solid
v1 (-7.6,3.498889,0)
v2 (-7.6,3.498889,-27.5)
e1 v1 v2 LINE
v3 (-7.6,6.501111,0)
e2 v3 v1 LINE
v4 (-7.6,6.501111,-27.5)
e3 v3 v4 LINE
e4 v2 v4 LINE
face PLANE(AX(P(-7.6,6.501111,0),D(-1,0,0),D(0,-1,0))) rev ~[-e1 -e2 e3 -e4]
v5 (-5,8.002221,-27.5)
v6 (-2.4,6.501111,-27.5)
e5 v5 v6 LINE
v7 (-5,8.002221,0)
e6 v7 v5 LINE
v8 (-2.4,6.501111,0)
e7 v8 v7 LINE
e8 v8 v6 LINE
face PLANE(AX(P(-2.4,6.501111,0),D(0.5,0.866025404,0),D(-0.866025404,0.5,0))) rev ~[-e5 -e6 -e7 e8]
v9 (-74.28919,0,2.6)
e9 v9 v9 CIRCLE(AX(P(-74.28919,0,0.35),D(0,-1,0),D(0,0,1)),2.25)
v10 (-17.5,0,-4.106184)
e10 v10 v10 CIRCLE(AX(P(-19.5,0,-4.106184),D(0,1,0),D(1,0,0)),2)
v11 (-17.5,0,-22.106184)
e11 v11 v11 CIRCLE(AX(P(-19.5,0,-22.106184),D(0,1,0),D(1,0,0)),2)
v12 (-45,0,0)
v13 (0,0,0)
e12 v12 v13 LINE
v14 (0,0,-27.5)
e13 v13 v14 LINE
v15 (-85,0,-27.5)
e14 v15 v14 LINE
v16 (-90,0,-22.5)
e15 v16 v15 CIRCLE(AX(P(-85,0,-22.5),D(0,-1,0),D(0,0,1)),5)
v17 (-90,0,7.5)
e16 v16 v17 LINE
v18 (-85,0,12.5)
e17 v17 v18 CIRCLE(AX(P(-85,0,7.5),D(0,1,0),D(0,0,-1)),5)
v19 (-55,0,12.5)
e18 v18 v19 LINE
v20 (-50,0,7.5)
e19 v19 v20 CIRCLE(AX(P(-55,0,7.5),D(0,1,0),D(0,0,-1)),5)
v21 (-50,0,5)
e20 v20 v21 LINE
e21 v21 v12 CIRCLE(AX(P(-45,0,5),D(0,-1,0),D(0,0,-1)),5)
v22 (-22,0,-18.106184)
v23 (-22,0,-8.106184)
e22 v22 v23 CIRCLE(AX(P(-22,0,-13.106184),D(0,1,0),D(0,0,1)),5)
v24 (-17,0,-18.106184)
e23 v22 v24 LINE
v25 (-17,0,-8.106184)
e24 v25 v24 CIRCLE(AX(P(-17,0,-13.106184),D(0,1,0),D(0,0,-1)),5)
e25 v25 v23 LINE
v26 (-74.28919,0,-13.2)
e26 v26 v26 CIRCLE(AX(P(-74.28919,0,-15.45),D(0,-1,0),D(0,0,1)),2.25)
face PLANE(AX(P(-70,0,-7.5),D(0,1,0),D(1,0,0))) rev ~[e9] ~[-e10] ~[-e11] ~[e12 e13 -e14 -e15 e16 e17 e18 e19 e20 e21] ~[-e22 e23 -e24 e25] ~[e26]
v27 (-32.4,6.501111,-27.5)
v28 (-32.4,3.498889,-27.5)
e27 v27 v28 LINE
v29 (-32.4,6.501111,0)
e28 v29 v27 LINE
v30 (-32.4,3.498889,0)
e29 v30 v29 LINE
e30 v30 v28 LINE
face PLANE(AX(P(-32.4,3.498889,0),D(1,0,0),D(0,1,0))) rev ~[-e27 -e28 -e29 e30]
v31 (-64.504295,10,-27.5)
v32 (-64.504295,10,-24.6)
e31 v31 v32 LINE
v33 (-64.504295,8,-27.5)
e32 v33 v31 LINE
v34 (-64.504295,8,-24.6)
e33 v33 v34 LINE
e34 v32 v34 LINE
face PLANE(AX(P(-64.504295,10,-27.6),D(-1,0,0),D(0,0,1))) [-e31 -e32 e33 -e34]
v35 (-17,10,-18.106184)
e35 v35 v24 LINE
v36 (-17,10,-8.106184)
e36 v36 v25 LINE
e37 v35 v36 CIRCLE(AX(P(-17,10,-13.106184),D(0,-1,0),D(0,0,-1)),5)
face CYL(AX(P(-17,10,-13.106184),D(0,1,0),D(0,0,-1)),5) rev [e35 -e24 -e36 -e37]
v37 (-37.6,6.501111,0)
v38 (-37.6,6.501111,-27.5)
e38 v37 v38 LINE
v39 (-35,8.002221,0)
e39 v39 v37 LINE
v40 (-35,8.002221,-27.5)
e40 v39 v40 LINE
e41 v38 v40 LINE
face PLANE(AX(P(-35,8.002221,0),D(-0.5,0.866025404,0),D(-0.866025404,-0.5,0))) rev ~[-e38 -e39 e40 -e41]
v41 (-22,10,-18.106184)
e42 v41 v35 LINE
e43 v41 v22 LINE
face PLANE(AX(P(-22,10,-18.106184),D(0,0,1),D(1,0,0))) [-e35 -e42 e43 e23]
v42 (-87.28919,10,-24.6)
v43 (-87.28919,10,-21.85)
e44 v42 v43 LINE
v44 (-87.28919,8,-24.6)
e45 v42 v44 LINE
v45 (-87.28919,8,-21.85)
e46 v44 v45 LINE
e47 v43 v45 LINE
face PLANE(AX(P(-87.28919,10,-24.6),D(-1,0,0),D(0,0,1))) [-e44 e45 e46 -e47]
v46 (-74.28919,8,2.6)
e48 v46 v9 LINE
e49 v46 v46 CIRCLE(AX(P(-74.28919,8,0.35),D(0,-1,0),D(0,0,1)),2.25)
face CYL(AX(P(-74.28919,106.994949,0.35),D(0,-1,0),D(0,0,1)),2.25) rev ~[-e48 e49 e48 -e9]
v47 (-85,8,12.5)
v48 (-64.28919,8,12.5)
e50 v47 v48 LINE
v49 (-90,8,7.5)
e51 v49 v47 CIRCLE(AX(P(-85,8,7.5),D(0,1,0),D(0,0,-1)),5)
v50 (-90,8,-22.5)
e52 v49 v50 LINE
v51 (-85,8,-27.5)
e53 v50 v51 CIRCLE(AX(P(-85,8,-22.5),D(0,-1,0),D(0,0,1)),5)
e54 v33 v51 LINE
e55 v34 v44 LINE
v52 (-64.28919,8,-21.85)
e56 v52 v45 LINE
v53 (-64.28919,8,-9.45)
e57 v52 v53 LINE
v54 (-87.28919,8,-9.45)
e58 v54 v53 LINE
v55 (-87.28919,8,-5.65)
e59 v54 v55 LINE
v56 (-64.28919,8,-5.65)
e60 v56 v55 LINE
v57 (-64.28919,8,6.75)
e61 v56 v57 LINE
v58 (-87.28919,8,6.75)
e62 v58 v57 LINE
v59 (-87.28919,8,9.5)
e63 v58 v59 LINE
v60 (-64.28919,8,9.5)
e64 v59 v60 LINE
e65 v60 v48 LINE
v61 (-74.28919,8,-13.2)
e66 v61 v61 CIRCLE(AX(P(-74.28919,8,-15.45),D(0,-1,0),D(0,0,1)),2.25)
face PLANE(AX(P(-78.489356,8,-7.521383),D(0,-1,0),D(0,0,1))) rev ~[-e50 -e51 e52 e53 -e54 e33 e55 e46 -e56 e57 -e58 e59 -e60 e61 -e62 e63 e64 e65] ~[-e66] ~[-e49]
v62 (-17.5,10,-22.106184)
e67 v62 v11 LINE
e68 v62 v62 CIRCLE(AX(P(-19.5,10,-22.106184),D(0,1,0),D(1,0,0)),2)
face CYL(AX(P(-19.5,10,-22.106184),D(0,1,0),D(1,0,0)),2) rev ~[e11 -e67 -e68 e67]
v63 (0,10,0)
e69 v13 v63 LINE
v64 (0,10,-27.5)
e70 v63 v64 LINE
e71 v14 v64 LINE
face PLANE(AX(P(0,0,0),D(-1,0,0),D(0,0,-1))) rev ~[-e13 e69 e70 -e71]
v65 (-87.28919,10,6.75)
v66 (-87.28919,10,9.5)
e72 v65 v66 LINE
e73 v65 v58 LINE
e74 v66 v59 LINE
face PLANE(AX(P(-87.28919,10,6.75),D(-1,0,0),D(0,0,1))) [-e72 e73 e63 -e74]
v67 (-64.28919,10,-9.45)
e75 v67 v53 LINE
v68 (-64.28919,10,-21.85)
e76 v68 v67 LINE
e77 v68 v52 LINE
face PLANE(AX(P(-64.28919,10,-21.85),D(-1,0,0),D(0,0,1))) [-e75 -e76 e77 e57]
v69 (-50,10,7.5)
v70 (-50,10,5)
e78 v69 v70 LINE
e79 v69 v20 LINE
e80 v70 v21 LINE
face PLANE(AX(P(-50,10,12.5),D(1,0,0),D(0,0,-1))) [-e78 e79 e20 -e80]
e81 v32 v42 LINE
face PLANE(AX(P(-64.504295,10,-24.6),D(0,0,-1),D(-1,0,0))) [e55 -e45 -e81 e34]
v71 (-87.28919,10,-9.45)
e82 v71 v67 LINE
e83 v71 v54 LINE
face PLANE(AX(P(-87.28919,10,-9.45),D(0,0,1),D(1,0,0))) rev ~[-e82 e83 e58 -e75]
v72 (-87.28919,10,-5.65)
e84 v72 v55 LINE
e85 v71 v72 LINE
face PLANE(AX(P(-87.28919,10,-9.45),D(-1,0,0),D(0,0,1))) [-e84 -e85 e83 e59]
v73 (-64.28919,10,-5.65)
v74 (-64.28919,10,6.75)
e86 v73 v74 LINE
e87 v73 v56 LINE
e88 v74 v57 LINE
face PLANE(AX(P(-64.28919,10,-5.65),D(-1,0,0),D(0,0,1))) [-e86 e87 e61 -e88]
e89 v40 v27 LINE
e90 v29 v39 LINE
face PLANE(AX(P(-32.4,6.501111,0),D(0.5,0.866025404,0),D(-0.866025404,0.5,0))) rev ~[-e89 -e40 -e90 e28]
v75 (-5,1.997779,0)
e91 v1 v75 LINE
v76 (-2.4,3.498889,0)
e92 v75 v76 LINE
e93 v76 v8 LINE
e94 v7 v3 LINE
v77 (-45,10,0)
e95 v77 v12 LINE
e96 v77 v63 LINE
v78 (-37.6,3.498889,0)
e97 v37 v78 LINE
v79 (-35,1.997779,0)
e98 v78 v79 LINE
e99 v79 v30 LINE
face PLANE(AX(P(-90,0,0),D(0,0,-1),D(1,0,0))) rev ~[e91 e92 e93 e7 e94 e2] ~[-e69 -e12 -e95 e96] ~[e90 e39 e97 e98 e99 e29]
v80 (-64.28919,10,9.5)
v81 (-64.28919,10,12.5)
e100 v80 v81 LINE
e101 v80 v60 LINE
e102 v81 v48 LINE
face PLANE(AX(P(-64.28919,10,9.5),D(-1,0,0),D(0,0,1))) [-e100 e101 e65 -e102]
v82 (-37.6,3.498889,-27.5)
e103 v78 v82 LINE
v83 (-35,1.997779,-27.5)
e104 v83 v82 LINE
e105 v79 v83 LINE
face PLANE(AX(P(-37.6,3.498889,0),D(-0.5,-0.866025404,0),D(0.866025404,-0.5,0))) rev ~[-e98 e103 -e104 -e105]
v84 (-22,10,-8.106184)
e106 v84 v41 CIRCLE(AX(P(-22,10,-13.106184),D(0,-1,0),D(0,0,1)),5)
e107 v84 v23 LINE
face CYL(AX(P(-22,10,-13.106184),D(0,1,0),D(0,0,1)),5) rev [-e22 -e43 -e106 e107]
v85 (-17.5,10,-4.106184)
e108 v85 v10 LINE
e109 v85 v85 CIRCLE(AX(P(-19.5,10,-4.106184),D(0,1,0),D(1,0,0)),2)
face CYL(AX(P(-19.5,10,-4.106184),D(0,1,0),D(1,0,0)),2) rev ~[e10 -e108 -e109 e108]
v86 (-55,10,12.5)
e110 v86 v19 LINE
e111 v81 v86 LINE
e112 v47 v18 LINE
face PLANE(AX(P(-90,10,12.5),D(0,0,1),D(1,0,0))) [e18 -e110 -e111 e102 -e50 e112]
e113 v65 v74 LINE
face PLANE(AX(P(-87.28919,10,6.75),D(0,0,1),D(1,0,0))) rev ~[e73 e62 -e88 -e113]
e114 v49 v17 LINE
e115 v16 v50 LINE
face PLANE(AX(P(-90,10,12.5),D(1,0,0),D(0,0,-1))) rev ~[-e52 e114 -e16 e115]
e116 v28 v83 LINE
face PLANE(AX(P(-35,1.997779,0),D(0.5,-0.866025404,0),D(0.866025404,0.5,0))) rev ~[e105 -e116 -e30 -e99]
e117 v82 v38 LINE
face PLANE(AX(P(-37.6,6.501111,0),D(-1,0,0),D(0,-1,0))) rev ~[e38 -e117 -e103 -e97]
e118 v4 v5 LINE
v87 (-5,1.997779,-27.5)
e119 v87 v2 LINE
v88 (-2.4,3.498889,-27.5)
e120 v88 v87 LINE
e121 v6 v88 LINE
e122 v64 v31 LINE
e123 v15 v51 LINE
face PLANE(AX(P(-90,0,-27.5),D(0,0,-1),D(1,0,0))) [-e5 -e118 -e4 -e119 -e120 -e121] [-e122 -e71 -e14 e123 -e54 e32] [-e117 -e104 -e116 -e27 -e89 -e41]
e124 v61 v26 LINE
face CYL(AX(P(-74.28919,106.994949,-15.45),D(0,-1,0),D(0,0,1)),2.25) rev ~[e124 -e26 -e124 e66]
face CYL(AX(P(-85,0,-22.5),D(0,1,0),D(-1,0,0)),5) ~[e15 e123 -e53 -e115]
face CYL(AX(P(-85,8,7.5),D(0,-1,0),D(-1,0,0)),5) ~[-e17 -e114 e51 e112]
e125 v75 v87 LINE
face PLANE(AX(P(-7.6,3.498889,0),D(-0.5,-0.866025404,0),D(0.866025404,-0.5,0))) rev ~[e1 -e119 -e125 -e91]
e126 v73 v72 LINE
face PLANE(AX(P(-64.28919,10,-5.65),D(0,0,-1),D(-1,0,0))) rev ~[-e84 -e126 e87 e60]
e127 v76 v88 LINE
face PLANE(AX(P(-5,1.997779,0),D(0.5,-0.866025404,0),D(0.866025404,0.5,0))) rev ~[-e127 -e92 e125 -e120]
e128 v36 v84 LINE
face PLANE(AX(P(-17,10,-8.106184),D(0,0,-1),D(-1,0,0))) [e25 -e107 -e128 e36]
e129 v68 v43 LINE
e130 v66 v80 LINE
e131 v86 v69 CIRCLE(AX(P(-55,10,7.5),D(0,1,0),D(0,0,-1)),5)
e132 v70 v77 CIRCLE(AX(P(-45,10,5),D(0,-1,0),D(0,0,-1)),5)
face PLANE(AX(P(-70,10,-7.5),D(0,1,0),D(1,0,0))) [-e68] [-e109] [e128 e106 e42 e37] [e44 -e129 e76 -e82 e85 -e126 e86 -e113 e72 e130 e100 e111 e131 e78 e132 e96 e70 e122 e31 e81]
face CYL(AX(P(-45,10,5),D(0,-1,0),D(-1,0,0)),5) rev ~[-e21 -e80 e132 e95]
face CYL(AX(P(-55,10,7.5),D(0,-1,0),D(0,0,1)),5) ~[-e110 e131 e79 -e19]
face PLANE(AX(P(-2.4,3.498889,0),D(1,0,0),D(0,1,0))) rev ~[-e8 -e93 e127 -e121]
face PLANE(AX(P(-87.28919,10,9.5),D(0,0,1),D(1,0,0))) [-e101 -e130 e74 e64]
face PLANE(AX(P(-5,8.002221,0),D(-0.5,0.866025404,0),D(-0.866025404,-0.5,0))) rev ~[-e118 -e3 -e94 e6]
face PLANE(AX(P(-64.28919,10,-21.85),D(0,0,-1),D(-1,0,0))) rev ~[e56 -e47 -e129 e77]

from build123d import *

# Parameters (mm, degrees)
SKETCH1_W            = 90
SKETCH1_H            = 27.5
BOSS_EXTRUDE1_DEPTH  = 10
CUT_EXTRUDE1_DEPTH   = 28.5
SKETCH9_W            = 40
SKETCH9_H            = 40
BOSS_EXTRUDE3_DEPTH  = 10
CUT_EXTRUDE2_DEPTH   = 2
M4_CLEARANCE_HOLE1_D = 4.5
FILLET1_R            = 5
SKETCH10_R           = 2
CUT_EXTRUDE3_DEPTH   = 11


with BuildPart() as part:
    # Sketch1 → Boss-Extrude1 (new body)
    with BuildSketch(Plane(origin=(0, 0, 0), x_dir=(1, 0, 0), z_dir=(0, 1, 0))):
        with Locations((-45, 13.75)):
            Rectangle(SKETCH1_W, SKETCH1_H)
    extrude(amount=BOSS_EXTRUDE1_DEPTH)

    # Sketch2 → Cut-Extrude1 (cut, through all)
    with BuildSketch(Plane.XY):
        Polygon((-32.4, 3.4988893), (-32.4, 6.5011107), (-35, 8.0022214), (-37.6, 6.5011107), (-37.6, 3.4988893), (-35, 1.9977786), align=None)
        Polygon((-2.4, 3.4988893), (-2.4, 6.5011107), (-5, 8.0022214), (-7.6, 6.5011107), (-7.6, 3.4988893), (-5, 1.9977786), align=None)
    extrude(amount=-CUT_EXTRUDE1_DEPTH, mode=Mode.SUBTRACT)

    # Sketch9 → Boss-Extrude3 (add)
    with BuildSketch(Plane(origin=(0, 10, 0), x_dir=(1, 0, 0), z_dir=(0, 1, 0))):
        with Locations((-70, 7.5)):
            Rectangle(SKETCH9_W, SKETCH9_H)
    extrude(amount=-BOSS_EXTRUDE3_DEPTH)

    # Sketch4 → Cut-Extrude2 (cut)
    with BuildSketch(Plane(origin=(-50, 10, 0), x_dir=(0, 0, -1), z_dir=(0, 1, 0))):
        Polygon((27.6, 44.841124336), (27.6, 37.258569022), (27.6, 14.504295037), (24.6, 14.504295037), (24.6, 37.289189868), (21.85, 37.289189868), (21.85, 30.489189868), (21.85, 14.289189868), (9.45, 14.289189868), (9.45, 30.489189868), (9.45, 37.289189868), (5.65, 37.289189868), (5.65, 30.489189868), (5.65, 14.289189868), (-6.75, 14.289189868), (-6.75, 30.489189868), (-6.75, 37.289189868), (-9.5, 37.289189868), (-9.5, 14.289189868), (-12.5, 14.289189868), (-12.5, 37.289189868), (-12.5, 44.841124336), align=None)
    extrude(amount=-CUT_EXTRUDE2_DEPTH, mode=Mode.SUBTRACT)

    # M4 Clearance Hole1 (through all)
    with Locations(Plane(origin=(0, 8, 0), x_dir=(0, 0, -1), z_dir=(0, 1, 0))):
        with Locations((-0.35, 74.289189868), (15.45, 74.289189868)):
            Hole(M4_CLEARANCE_HOLE1_D / 2)

    # Fillet1
    fillet1_edges = [part.edges().sort_by_distance(p)[0] for p in [
        (-90, 4, 12.5),
        (-50, 5, 0),
        (-50, 5, 12.5),
        (-90, 4, -27.5),
    ]]
    fillet(fillet1_edges, radius=FILLET1_R)

    # Sketch10 → Cut-Extrude3 (cut, through all)
    with BuildSketch(Plane(origin=(0, 10, 0), x_dir=(1, 0, 0), z_dir=(0, 1, 0))):
        with Locations((-19.5, 4.106184291)):
            Circle(SKETCH10_R)
        with Locations((-19.5, 22.106184291)):
            Circle(SKETCH10_R)
        with BuildLine():
            Line((-17, 8.106184291), (-22, 8.106184291))
            ThreePointArc((-22, 8.106184291), (-27, 13.106184291), (-22, 18.106184291))
            Line((-22, 18.106184291), (-17, 18.106184291))
            ThreePointArc((-17, 18.106184291), (-12, 13.106184291), (-17, 8.106184291))
        make_face()
    extrude(amount=-CUT_EXTRUDE3_DEPTH, mode=Mode.SUBTRACT)


solid = part.part
